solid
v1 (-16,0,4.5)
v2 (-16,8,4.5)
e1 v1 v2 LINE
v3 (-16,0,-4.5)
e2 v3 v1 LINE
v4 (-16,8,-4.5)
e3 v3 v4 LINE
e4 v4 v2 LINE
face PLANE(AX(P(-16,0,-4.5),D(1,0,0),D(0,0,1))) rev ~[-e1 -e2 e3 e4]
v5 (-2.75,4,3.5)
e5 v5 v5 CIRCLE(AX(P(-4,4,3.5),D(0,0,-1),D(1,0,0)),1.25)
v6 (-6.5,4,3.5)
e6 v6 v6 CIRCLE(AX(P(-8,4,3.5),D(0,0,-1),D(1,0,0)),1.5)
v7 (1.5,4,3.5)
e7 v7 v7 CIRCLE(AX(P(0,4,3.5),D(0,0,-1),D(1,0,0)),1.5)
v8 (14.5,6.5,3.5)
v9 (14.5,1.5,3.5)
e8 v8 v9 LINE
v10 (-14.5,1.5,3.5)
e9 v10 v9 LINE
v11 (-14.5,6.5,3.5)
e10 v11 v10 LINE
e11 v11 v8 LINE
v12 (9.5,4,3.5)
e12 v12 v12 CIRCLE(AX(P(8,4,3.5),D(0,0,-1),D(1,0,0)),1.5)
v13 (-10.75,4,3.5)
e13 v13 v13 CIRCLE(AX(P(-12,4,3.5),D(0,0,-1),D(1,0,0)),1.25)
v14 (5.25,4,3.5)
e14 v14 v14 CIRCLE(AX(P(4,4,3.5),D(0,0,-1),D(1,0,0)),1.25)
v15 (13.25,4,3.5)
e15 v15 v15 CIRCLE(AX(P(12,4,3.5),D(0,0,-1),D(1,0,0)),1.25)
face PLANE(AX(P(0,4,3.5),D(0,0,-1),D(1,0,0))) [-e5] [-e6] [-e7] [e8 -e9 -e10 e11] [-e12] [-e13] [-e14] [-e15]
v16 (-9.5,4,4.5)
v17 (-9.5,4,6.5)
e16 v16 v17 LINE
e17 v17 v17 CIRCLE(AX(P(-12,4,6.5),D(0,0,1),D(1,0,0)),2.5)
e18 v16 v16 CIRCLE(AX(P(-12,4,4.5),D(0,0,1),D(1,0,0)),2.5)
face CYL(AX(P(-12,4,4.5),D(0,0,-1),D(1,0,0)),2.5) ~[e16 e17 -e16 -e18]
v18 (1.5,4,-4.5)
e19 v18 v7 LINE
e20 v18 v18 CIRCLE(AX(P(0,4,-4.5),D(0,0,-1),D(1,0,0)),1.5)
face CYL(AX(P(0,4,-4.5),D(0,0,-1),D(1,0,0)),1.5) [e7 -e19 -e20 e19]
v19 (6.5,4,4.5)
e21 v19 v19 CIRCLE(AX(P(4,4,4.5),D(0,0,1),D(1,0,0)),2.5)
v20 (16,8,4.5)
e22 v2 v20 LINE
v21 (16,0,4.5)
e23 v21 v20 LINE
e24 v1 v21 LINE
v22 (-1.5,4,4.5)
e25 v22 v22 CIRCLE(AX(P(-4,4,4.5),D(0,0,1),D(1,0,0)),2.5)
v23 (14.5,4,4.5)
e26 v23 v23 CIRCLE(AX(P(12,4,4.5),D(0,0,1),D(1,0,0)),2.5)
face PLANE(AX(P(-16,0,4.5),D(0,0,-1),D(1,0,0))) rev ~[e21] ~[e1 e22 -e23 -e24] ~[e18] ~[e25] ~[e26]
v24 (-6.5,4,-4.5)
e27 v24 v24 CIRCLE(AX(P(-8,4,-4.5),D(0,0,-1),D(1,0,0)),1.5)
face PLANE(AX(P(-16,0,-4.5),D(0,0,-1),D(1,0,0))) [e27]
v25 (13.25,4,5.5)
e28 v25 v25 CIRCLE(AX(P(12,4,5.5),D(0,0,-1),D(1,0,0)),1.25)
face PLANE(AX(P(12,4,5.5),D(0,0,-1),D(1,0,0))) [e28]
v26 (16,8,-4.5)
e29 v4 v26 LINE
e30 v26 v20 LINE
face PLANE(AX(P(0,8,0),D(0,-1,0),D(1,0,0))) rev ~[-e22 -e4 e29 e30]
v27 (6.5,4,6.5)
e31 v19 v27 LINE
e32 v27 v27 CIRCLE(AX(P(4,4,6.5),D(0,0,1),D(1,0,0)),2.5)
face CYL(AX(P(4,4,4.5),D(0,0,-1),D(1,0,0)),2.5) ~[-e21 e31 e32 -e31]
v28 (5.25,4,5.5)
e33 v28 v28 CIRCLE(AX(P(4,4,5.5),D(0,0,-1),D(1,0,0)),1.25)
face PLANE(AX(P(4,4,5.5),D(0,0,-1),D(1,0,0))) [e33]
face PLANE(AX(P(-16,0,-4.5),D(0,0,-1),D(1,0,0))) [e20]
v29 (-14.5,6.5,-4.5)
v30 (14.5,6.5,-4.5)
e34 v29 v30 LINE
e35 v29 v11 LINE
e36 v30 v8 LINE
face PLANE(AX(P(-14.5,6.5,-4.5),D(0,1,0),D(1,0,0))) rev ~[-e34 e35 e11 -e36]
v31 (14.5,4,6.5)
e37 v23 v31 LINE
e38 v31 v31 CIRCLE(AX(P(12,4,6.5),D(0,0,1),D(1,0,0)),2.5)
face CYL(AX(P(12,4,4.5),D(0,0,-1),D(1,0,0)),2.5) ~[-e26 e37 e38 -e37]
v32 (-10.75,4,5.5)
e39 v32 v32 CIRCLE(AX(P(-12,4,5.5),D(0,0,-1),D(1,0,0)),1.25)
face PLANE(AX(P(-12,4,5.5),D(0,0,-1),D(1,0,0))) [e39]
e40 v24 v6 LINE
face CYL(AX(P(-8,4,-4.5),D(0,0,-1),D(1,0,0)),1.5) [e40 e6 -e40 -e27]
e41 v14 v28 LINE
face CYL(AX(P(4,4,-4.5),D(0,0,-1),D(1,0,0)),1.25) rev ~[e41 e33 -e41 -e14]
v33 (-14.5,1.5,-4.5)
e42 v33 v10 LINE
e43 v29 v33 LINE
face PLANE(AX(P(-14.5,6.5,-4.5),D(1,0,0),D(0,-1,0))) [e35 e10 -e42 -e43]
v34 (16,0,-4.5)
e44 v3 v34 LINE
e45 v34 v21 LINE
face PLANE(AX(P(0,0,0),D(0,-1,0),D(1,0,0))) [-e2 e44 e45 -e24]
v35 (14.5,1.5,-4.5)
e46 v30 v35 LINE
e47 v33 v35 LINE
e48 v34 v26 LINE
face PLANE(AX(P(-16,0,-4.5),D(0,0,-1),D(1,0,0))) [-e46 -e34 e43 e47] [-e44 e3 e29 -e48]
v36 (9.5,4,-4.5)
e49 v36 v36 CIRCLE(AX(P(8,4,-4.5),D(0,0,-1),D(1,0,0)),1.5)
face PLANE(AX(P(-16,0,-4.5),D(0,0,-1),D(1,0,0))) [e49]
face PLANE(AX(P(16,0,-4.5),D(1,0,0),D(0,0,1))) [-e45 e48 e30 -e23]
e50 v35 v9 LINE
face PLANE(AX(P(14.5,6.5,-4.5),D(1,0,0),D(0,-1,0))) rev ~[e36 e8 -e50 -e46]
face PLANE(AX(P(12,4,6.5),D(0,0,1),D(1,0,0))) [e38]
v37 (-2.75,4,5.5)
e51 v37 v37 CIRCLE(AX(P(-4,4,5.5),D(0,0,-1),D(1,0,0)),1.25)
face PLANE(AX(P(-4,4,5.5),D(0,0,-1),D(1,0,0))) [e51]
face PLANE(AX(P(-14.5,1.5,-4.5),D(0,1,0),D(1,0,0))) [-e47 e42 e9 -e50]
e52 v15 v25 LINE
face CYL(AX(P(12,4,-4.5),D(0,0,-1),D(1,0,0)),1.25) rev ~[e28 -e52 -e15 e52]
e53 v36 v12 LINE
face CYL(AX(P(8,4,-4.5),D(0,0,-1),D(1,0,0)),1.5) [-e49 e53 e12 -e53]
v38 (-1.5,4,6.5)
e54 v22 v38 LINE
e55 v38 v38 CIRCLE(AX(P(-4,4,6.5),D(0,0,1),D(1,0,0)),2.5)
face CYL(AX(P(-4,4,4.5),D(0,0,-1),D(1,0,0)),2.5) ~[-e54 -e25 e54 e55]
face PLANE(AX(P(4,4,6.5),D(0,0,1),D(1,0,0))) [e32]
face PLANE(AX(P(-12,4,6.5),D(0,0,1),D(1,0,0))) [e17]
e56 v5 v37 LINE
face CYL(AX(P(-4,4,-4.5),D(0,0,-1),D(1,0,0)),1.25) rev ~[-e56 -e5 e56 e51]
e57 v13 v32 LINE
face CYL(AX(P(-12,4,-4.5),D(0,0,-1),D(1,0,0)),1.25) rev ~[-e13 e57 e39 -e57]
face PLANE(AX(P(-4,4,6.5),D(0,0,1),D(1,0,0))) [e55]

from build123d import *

# Parameters (mm, degrees)
F0_W     = 32
F0_H     = 9
F1_DEPTH = 8
F2_R     = 2.5
F3_DEPTH = 2
F4_W     = 29
F4_H     = 5
F4_R     = 1.5
F5_DEPTH = 8
F6_R     = 1.25
F7_DEPTH = 10


with BuildPart() as f1:
    # F0 (on Front) → F1 (new body)
    with BuildSketch(Plane.XZ):
        Rectangle(F0_W, F0_H)
    extrude(amount=-F1_DEPTH)

    # F2 (on face) → F3 (join)
    with BuildSketch(Plane.XY.offset(4.5)):
        with Locations((-12, 4)):
            Circle(F2_R)
        with Locations((-4, 4)):
            Circle(F2_R)
        with Locations((4, 4)):
            Circle(F2_R)
        with Locations((12, 4)):
            Circle(F2_R)
    extrude(amount=F3_DEPTH)

    # F4 (on face) → F5 (cut)
    with BuildSketch(Plane(origin=(0, 0, -4.5), x_dir=(1, 0, 0), z_dir=(0, 0, -1))):
        with Locations((0, -4)):
            Rectangle(F4_W, F4_H)
        with Locations((-8, -4)):
            Circle(F4_R, mode=Mode.SUBTRACT)
        with Locations((0, -4)):
            Circle(F4_R, mode=Mode.SUBTRACT)
        with Locations((8, -4)):
            Circle(F4_R, mode=Mode.SUBTRACT)
    extrude(amount=-F5_DEPTH, mode=Mode.SUBTRACT)

    # F6 (on face) → F7 (cut)
    with BuildSketch(Plane(origin=(0, 0, -4.5), x_dir=(1, 0, 0), z_dir=(0, 0, -1))):
        with Locations((-12, -4)):
            Circle(F6_R)
        with Locations((-4, -4)):
            Circle(F6_R)
        with Locations((4, -4)):
            Circle(F6_R)
        with Locations((12, -4)):
            Circle(F6_R)
    extrude(amount=-F7_DEPTH, mode=Mode.SUBTRACT)


solid = f1.part
